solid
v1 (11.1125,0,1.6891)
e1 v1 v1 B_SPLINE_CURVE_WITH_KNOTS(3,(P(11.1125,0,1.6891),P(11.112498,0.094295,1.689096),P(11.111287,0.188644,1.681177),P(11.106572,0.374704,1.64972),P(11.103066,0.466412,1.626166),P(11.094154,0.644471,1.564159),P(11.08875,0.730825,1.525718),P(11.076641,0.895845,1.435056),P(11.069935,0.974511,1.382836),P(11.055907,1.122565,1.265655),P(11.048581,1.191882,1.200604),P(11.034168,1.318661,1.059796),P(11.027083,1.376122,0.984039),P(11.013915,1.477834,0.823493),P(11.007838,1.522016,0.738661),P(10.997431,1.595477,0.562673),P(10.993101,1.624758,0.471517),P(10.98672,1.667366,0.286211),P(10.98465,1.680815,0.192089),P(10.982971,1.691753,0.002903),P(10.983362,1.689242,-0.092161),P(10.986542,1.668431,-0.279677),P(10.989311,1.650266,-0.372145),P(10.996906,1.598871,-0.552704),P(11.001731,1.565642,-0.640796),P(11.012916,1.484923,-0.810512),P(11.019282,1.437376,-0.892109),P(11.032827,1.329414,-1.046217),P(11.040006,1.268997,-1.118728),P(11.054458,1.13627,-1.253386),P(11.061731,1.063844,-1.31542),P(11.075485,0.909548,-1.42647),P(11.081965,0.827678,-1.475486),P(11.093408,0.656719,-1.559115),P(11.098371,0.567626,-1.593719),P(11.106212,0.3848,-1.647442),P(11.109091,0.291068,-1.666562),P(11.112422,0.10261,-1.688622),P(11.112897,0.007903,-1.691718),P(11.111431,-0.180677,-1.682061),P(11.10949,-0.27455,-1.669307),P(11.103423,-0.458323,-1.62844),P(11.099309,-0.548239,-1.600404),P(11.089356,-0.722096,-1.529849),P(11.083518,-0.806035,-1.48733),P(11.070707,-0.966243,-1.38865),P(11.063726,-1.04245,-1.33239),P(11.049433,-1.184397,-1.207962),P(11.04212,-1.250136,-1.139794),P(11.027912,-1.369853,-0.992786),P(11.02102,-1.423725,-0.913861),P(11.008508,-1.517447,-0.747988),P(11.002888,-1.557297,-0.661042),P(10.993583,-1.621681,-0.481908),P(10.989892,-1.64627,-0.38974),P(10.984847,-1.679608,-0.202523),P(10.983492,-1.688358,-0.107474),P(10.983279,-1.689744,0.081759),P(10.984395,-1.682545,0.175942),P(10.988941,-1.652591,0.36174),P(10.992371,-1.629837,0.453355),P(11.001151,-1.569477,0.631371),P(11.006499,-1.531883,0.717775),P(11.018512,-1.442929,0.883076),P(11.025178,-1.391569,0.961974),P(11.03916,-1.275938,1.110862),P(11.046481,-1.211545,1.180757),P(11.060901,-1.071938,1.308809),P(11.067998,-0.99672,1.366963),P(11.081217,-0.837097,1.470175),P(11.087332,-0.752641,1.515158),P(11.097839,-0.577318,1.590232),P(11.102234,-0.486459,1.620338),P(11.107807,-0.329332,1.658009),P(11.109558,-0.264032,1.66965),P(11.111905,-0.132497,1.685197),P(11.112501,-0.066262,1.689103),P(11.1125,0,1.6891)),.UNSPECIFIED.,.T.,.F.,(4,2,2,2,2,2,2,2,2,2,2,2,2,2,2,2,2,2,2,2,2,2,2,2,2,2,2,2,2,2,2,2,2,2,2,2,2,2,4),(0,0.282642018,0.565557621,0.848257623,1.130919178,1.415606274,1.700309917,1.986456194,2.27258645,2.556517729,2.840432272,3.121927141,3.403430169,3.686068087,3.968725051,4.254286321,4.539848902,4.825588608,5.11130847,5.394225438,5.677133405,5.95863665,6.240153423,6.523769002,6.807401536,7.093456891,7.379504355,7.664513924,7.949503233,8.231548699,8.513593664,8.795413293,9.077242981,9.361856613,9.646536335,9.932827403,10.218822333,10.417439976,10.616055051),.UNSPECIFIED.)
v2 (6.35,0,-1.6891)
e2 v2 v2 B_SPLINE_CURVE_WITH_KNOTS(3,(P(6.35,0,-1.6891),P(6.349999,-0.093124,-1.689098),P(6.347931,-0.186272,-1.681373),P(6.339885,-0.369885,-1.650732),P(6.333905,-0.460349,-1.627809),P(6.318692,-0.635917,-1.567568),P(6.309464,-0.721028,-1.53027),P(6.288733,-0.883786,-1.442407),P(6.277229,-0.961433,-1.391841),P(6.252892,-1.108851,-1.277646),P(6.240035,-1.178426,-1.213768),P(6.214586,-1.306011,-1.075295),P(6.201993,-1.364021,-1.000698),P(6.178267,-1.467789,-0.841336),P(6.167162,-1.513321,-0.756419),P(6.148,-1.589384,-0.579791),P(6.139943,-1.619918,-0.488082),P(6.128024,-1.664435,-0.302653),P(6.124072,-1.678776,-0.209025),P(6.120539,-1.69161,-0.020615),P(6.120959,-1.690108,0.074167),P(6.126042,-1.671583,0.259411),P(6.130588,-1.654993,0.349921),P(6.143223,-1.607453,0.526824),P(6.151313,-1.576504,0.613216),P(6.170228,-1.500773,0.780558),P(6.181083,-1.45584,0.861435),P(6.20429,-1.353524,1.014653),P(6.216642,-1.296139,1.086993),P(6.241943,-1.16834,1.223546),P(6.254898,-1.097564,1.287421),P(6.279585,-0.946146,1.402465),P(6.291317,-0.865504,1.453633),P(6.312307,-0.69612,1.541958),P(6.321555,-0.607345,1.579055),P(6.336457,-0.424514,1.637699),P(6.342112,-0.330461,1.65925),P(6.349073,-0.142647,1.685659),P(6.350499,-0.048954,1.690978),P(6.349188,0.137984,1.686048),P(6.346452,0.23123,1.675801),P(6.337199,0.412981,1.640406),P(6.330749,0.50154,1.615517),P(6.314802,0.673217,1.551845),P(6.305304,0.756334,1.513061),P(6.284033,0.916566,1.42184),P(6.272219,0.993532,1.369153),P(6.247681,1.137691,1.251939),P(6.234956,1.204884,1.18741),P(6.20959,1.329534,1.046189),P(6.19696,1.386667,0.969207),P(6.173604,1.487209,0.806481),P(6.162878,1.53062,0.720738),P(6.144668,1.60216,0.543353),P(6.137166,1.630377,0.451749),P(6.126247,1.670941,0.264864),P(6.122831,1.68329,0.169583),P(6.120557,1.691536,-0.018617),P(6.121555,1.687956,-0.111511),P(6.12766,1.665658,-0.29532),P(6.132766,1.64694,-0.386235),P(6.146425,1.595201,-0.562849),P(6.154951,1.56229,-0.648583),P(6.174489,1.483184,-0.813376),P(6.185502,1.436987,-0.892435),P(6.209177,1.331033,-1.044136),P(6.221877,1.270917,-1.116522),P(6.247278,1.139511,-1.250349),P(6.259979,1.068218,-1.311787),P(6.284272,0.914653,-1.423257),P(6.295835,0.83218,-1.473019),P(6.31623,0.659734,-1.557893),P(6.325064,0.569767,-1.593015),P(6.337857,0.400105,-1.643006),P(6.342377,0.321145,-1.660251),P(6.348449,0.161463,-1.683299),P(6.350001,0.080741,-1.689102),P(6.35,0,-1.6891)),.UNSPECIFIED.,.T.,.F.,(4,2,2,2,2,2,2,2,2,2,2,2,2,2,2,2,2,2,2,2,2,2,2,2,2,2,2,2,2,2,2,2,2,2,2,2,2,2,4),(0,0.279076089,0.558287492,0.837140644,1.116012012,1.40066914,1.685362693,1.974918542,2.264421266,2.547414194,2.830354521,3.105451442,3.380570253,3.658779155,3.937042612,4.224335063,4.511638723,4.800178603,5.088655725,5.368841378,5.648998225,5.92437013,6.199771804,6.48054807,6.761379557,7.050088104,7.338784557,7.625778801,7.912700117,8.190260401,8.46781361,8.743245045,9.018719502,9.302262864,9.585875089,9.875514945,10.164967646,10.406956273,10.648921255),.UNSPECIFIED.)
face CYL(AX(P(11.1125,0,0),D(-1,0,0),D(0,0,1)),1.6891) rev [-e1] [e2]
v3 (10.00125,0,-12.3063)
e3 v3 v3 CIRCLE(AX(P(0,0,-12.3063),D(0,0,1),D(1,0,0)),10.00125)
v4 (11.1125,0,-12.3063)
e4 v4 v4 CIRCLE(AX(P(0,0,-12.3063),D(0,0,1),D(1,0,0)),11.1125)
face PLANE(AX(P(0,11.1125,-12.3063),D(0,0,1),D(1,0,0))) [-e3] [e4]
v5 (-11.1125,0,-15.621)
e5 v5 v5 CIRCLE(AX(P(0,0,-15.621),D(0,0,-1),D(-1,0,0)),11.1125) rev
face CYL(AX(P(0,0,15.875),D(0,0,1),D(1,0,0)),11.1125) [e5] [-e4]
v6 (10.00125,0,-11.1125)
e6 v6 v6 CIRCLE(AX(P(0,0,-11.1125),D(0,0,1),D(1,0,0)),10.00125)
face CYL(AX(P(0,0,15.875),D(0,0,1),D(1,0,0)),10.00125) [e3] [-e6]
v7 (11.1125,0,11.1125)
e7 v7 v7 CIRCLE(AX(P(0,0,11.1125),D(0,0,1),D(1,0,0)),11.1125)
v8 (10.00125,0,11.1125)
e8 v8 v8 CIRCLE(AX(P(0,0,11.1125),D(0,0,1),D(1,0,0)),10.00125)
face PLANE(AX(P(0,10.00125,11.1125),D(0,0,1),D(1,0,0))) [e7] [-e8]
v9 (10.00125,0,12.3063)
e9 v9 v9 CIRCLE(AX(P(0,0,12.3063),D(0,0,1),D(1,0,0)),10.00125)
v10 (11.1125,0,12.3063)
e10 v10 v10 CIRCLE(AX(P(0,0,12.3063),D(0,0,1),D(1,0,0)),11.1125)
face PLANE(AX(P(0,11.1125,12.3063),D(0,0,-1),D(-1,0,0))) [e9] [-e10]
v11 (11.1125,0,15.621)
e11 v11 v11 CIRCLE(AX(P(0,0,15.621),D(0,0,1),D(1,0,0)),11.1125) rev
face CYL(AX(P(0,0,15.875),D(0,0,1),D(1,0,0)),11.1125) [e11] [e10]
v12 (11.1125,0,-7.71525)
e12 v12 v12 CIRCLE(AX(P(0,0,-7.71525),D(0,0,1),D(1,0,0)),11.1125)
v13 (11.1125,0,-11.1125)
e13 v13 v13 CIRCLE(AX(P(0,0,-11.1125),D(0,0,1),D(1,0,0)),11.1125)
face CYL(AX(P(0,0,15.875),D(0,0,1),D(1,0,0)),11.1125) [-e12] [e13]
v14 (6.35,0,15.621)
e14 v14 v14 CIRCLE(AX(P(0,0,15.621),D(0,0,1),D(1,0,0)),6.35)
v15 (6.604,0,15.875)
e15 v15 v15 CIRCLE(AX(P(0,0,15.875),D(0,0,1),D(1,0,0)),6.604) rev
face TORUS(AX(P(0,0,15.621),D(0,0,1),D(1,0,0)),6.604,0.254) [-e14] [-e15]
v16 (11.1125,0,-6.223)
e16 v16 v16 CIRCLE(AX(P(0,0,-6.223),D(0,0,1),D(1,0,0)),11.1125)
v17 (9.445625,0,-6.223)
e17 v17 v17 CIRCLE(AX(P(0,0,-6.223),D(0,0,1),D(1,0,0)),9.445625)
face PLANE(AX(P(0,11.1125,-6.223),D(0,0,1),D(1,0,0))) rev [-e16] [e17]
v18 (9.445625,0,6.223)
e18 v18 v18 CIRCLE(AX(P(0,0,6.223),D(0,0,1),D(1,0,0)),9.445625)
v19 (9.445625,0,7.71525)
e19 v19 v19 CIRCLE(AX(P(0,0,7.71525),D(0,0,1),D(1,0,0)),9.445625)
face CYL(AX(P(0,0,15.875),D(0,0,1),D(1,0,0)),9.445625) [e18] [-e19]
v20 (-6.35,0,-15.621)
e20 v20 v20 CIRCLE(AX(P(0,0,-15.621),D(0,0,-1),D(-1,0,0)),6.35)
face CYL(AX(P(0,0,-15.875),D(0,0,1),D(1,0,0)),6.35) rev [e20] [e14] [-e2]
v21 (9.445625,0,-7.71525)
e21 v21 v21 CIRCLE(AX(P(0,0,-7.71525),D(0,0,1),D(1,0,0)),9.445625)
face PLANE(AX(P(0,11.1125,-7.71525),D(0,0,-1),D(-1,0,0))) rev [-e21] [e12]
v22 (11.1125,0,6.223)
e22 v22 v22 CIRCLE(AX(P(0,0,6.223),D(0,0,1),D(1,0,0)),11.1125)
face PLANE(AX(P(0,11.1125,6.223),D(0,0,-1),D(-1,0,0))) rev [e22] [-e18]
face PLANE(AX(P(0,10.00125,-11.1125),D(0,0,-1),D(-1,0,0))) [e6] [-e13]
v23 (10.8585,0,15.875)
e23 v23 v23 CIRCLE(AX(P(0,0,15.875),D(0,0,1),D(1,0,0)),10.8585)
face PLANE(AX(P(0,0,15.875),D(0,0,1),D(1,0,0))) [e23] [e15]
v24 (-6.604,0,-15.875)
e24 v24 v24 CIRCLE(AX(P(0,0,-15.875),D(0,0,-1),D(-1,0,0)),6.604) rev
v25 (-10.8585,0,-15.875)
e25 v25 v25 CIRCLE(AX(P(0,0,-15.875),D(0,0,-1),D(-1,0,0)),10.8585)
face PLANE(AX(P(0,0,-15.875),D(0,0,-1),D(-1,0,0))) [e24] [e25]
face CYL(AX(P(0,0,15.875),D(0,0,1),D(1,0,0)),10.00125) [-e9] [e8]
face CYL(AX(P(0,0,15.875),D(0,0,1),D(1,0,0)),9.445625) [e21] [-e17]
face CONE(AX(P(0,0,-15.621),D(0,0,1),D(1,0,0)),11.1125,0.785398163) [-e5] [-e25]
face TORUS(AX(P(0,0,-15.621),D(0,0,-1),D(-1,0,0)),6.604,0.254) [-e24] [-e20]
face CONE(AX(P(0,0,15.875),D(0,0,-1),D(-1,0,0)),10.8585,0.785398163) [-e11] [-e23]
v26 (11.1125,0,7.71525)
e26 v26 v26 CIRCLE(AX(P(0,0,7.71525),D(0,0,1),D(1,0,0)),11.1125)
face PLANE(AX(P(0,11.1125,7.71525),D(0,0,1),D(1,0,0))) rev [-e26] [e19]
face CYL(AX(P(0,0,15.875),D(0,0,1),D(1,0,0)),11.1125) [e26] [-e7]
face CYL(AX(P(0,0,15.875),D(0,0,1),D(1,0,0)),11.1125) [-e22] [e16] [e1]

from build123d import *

# Parameters (mm, degrees)
BORE_DEPTH           = 23.338105056
BORE_DEPTH_BACK      = 23.338105056
SKETCH2_R            = 6.35
RETAINING_HOLE_2_R   = 1.6891
RETAINING_HOLE_DEPTH = 23.338105056
ID_FILLET_R          = 0.254
OD_CHAMFER_SIZE      = 0.254
O_RINGS_2_W          = 1.49225
O_RINGS_2_H          = 1.666875


with BuildPart() as part:
    # Sketch1 → Bearing (revolve)
    with BuildSketch(Plane(origin=(0, 0, 0), x_dir=(0, 0, -1), z_dir=(1, 0, 0)), mode=Mode.PRIVATE) as bearing_sk:
        Polygon((-15.875, 0), (15.875, 0), (15.875, -11.1125), (12.3063, -11.1125), (12.3063, -10.00125), (11.1125, -10.00125), (11.1125, -11.1125), (-11.1125, -11.1125), (-11.1125, -10.00125), (-12.3063, -10.00125), (-12.3063, -11.1125), (-15.875, -11.1125), align=None)
    revolve(bearing_sk.sketch.rotate(Axis((0, 0, 15.875), (0, 0, -1)), 270), axis=Axis((0, 0, 15.875), (0, 0, -1)))

    # Sketch2 → Bore (cut, two sides: drawn at the far end of the back side and taken through both)
    with BuildSketch(Plane.XY.offset(-BORE_DEPTH_BACK)):
        Circle(SKETCH2_R)
    extrude(amount=BORE_DEPTH + BORE_DEPTH_BACK, mode=Mode.SUBTRACT)

    # Retaining Hole 2 → Retaining Hole (cut, through all)
    with BuildSketch(Plane(origin=(0, 0, 0), x_dir=(0, 0, -1), z_dir=(1, 0, 0))):
        with Locations(Location((0, 0, 0), (0, 0, 180))):
            Circle(RETAINING_HOLE_2_R)
    extrude(amount=RETAINING_HOLE_DEPTH, mode=Mode.SUBTRACT)

    # ID Fillet
    id_fillet_edges = [part.edges().sort_by_distance(p)[0] for p in [
        (-6.35, 0, -15.875),
        (-6.35, 0, 15.875),
    ]]
    fillet(id_fillet_edges, radius=ID_FILLET_R)

    # OD Chamfer
    od_chamfer_edges = [part.edges().sort_by_distance(p)[0] for p in [
        (-11.1125, 0, 15.875),
        (-11.1125, 0, -15.875),
    ]]
    chamfer(od_chamfer_edges, length=OD_CHAMFER_SIZE)

    # O-Rings 2 → O-Rings (revolve, cut)
    with BuildSketch(Plane(origin=(0, 0, 0), x_dir=(0, 0, -1), z_dir=(1, 0, 0)), mode=Mode.PRIVATE) as o_rings_sk:
        with Locations((-6.969125, -10.2790625)):
            Rectangle(O_RINGS_2_W, O_RINGS_2_H)
        with Locations((6.969125, -10.2790625)):
            Rectangle(O_RINGS_2_W, O_RINGS_2_H)
    revolve(o_rings_sk.sketch.rotate(Axis((0, 0, 15.875), (0, 0, -1)), 270), axis=Axis((0, 0, 15.875), (0, 0, -1)), mode=Mode.SUBTRACT)


solid = part.part
